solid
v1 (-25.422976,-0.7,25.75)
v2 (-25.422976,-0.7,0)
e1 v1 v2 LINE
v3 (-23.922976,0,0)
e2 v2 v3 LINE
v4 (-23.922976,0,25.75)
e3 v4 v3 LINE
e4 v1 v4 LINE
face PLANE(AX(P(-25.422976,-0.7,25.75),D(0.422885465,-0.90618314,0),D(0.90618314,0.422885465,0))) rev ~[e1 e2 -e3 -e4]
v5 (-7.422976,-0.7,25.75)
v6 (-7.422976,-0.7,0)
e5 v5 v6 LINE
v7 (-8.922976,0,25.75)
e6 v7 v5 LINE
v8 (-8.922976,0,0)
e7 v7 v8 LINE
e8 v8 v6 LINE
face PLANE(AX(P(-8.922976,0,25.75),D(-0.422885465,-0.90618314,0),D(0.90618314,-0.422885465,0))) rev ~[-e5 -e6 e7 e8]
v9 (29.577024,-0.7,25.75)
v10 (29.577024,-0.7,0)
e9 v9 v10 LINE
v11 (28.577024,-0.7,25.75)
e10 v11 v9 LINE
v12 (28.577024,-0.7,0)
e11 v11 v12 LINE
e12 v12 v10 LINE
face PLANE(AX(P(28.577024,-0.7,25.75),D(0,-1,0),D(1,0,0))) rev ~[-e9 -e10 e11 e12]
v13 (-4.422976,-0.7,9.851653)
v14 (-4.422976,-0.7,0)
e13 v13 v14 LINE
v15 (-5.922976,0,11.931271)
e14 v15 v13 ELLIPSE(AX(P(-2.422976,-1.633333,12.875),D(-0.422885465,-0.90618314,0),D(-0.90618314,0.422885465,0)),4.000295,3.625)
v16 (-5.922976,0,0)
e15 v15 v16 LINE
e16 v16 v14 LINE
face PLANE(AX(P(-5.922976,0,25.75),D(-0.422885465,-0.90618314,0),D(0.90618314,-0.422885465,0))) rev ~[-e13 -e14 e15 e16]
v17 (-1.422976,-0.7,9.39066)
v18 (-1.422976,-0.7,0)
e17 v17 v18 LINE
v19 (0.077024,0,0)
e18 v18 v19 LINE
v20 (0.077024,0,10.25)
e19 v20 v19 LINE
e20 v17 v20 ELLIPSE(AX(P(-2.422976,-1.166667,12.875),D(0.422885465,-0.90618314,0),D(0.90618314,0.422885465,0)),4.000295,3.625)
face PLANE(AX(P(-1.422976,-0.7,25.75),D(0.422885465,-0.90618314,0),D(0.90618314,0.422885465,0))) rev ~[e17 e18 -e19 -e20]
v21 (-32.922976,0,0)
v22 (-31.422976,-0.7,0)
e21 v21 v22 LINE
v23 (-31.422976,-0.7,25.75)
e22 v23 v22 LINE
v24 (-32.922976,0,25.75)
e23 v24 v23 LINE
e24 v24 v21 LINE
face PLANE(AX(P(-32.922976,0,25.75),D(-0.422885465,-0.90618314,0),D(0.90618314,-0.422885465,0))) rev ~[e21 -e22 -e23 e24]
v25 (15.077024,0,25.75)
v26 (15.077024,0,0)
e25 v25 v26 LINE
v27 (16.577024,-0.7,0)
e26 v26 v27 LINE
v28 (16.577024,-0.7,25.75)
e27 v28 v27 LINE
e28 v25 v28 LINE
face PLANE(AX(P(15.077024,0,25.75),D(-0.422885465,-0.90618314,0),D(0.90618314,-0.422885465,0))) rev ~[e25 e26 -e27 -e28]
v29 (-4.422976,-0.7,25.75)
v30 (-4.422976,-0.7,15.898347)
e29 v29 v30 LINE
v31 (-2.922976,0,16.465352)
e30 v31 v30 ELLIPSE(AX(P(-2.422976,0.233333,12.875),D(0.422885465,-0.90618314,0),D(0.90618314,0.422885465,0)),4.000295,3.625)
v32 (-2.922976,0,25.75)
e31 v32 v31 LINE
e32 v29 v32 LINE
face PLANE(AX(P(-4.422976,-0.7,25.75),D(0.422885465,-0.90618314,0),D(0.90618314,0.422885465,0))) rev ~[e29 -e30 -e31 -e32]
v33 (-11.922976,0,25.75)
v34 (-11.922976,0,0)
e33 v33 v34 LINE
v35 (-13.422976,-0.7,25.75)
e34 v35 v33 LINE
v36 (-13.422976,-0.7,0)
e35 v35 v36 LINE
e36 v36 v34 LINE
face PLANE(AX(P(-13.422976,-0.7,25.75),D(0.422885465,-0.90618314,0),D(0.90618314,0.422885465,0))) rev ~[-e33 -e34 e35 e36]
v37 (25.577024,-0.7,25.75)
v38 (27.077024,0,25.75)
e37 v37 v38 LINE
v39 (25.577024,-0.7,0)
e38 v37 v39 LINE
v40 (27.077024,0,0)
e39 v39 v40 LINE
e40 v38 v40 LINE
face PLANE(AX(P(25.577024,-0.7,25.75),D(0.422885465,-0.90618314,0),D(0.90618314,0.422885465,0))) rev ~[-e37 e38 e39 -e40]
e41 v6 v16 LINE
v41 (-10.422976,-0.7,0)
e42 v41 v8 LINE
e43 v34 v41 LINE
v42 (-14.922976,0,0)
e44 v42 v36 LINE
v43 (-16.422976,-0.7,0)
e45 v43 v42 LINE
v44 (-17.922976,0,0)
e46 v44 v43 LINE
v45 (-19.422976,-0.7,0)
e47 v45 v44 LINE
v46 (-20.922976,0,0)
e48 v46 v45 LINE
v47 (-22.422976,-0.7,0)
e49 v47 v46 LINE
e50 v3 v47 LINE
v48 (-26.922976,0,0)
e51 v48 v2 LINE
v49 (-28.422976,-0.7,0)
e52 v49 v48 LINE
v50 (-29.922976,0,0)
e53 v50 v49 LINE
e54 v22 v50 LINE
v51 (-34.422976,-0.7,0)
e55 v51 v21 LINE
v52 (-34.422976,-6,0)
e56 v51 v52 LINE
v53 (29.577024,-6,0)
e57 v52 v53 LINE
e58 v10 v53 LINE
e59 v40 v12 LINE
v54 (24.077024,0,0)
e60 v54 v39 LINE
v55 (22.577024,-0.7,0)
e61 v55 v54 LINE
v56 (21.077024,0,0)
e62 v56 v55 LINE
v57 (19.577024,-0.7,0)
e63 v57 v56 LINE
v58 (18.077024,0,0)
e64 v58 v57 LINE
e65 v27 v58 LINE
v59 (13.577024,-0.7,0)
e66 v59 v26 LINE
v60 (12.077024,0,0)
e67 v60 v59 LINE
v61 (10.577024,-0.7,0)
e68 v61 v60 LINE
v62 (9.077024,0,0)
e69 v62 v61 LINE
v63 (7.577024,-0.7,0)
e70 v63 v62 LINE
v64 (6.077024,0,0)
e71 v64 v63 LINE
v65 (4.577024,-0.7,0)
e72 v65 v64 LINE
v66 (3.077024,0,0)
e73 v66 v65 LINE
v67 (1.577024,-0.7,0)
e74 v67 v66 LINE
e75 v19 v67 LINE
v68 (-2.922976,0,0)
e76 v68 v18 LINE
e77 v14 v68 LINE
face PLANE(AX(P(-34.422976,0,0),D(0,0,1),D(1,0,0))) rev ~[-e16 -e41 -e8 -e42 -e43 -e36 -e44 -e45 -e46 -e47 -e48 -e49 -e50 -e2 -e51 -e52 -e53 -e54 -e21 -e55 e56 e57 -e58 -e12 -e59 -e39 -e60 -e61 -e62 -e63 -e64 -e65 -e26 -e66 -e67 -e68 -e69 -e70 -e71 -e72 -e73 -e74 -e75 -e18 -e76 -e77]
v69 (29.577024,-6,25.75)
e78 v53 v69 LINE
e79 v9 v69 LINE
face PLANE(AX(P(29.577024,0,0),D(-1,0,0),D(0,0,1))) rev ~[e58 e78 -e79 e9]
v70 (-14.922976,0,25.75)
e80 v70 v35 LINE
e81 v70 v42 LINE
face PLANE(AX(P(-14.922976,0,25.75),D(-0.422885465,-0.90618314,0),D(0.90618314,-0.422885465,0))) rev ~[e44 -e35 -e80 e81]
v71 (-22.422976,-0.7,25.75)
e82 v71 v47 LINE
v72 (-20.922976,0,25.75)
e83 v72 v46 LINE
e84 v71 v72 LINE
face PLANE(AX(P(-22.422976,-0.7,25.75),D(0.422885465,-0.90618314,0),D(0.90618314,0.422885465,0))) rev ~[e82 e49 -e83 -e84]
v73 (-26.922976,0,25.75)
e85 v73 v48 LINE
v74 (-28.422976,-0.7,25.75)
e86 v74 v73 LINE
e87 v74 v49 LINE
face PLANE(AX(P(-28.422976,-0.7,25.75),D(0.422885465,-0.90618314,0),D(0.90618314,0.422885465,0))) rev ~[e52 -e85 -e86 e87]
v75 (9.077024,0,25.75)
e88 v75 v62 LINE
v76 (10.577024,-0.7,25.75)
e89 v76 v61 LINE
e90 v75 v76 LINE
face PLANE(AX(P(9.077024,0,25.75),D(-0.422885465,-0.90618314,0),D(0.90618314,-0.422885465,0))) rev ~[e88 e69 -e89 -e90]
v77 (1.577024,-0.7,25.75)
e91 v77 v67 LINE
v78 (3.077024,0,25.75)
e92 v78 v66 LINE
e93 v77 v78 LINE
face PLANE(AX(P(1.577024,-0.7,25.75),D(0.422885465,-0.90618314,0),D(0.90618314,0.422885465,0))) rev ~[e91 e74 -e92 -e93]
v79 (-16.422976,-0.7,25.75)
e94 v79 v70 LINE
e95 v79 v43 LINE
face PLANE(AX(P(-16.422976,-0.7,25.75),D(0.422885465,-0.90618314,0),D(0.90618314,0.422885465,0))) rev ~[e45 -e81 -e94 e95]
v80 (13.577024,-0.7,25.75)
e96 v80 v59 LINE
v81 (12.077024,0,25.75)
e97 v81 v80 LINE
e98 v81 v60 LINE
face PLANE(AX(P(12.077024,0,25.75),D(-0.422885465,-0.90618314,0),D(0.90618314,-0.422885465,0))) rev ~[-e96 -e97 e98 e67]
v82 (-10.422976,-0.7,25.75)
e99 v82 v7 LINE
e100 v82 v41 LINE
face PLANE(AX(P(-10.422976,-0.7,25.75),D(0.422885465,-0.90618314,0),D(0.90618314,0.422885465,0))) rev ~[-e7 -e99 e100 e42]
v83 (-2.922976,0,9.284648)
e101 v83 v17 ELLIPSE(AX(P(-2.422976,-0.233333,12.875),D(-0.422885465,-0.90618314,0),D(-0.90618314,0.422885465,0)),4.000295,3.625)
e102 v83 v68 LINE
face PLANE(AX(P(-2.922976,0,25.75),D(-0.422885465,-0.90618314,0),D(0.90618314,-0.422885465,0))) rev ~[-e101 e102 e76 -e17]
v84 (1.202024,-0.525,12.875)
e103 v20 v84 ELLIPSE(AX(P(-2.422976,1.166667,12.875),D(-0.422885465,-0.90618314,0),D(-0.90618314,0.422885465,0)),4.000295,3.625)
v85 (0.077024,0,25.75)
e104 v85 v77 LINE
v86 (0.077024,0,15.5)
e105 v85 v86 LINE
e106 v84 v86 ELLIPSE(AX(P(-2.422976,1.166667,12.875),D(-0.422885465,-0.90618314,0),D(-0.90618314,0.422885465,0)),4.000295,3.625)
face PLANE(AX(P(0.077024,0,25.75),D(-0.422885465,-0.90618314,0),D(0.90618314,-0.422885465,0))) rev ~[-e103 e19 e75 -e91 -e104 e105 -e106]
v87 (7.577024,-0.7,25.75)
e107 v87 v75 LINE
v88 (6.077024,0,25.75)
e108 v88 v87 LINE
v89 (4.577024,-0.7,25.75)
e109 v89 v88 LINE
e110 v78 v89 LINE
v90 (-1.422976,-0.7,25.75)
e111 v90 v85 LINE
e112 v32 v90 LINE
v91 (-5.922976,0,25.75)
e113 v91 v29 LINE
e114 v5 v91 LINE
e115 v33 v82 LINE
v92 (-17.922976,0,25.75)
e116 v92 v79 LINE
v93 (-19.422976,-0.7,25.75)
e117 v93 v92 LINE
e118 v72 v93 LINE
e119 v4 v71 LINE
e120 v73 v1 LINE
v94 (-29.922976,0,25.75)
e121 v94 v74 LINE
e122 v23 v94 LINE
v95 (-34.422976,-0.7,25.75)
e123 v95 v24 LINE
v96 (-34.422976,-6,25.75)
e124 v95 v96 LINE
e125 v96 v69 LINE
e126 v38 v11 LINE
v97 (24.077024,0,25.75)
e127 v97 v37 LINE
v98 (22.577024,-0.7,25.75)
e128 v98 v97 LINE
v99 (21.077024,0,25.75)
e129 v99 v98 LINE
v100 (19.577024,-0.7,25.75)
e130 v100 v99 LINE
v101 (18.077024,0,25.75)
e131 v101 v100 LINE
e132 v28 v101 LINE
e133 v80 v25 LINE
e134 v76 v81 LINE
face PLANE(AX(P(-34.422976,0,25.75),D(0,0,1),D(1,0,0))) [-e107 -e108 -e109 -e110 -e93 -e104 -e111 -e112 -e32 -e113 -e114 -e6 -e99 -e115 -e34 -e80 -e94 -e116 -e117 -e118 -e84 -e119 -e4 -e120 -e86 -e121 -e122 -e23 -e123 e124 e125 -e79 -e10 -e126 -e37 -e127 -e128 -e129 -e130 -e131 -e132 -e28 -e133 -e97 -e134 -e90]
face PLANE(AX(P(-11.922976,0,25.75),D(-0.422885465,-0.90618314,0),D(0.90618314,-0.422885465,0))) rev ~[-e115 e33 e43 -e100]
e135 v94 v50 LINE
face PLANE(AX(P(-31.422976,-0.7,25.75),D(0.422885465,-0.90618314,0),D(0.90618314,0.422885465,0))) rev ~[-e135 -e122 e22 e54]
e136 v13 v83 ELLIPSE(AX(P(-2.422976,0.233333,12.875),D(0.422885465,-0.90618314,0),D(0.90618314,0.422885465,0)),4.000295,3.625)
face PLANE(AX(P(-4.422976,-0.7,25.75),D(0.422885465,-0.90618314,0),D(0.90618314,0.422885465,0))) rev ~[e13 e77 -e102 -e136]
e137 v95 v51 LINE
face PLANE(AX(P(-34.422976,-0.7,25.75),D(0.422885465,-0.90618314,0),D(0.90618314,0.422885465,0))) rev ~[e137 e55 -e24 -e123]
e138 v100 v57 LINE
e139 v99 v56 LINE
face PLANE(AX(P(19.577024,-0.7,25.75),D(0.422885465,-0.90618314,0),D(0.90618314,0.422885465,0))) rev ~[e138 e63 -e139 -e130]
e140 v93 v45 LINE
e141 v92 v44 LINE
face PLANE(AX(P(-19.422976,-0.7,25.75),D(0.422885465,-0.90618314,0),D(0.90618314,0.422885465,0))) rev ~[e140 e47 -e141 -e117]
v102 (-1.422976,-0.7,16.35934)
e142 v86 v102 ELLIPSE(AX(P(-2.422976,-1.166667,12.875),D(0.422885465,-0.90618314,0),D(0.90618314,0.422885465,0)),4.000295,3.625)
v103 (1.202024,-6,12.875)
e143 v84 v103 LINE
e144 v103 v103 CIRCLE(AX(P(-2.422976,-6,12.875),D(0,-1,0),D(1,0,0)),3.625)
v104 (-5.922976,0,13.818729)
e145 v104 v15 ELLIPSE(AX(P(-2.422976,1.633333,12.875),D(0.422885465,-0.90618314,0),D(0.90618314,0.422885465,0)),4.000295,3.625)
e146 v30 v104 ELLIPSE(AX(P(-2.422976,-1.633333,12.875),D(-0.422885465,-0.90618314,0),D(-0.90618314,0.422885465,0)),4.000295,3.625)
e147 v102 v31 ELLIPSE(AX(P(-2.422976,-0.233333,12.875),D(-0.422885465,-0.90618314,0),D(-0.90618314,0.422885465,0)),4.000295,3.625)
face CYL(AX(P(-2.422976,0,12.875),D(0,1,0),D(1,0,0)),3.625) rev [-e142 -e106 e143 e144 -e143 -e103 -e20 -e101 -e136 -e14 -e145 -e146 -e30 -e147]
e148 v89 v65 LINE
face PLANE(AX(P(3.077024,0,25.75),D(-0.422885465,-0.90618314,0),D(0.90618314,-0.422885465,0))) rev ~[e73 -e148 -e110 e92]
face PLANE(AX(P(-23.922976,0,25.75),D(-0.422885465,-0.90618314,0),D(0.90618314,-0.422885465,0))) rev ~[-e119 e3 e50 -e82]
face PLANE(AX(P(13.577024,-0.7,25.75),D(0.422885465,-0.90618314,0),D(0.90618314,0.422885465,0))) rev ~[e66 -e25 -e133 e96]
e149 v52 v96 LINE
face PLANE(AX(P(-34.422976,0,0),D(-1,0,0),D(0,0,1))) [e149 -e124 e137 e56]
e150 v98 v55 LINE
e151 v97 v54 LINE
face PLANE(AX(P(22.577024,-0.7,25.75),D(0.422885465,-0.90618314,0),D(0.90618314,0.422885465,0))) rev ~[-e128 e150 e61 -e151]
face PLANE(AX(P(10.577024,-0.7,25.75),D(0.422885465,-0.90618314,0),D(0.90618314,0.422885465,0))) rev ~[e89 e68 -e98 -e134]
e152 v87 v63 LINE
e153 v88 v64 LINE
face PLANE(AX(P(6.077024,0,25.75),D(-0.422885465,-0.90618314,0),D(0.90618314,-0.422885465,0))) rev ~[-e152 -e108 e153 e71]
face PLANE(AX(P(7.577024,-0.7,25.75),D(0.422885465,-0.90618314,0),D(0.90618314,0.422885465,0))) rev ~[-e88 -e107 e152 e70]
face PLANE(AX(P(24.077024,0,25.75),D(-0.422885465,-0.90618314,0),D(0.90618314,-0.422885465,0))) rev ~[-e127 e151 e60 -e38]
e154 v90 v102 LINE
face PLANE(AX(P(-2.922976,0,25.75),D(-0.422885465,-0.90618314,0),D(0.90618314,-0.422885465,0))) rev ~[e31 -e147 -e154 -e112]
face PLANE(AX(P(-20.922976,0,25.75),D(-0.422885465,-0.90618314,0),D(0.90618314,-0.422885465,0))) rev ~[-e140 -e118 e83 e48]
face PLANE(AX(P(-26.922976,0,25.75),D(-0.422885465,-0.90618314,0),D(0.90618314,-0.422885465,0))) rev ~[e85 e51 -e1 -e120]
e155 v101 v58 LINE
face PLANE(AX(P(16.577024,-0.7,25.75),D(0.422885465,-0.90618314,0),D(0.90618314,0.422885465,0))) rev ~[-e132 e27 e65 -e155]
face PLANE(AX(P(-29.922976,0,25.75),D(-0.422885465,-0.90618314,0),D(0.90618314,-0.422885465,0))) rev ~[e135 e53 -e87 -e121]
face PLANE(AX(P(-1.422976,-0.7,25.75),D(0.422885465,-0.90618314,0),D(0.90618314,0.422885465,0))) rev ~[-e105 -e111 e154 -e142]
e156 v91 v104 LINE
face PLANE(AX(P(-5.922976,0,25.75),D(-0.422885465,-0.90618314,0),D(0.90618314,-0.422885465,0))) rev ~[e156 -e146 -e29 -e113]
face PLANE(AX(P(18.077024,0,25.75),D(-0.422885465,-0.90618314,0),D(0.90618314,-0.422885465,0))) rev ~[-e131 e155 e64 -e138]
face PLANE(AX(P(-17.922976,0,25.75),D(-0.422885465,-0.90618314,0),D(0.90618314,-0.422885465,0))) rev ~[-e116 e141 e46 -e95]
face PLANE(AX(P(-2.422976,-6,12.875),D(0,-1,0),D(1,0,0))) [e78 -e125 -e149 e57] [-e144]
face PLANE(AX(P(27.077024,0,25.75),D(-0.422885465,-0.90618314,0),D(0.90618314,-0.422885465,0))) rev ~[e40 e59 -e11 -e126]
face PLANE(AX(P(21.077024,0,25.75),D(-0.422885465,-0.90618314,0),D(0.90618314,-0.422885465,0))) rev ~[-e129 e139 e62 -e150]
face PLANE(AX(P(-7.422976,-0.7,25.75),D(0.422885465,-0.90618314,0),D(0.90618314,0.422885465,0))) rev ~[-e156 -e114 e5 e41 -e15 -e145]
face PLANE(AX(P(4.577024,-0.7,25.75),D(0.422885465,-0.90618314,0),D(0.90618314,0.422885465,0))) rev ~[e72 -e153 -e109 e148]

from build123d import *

# Parameters (mm, degrees)
F0_W     = 64
F0_H     = 25.75
F0_R     = 3.625
F1_DEPTH = 6
F3_DEPTH = 26.50399


with BuildPart() as f1:
    # F0 (on Front) → F1 (new body)
    with BuildSketch(Plane.XZ):
        with Locations((-2.422976, 12.875)):
            Rectangle(F0_W, F0_H)
        with Locations((-2.422976, 12.875)):
            Circle(F0_R, mode=Mode.SUBTRACT)
    extrude(amount=F1_DEPTH)

    # F2 (on face) → F3 (cut)
    with BuildSketch(Plane.XY.offset(25.75)):
        Polygon((-34.422976, 0), (-34.422976, -0.7), (-32.922976, 0), align=None)
        Polygon((-32.922976, 0), (-31.422976, -0.7), (-29.922976, 0), align=None)
        Polygon((-29.922976, 0), (-28.422976, -0.7), (-26.922976, 0), align=None)
        Polygon((-26.922976, 0), (-25.422976, -0.7), (-23.922976, 0), align=None)
        Polygon((-23.922976, 0), (-22.422976, -0.7), (-20.922976, 0), align=None)
        Polygon((-20.922976, 0), (-19.422976, -0.7), (-17.922976, 0), align=None)
        Polygon((-17.922976, 0), (-16.422976, -0.7), (-14.922976, 0), align=None)
        Polygon((-14.922976, 0), (-13.422976, -0.7), (-11.922976, 0), align=None)
        Polygon((-11.922976, 0), (-10.422976, -0.7), (-8.922976, 0), align=None)
        Polygon((-8.922976, 0), (-7.422976, -0.7), (-5.922976, 0), align=None)
        Polygon((-5.922976, 0), (-4.422976, -0.7), (-2.922976, 0), align=None)
        Polygon((-2.922976, 0), (-1.422976, -0.7), (0.077024, 0), align=None)
        Polygon((0.077024, 0), (1.577024, -0.7), (3.077024, 0), align=None)
        Polygon((4.577024, -0.7), (6.077024, 0), (3.077024, 0), align=None)
        Polygon((7.577024, -0.7), (9.077024, 0), (6.077024, 0), align=None)
        Polygon((10.577024, -0.7), (12.077024, 0), (9.077024, 0), align=None)
        Polygon((13.577024, -0.7), (15.077024, 0), (12.077024, 0), align=None)
        Polygon((16.577024, -0.7), (18.077024, 0), (15.077024, 0), align=None)
        Polygon((19.577024, -0.7), (21.077024, 0), (18.077024, 0), align=None)
        Polygon((22.577024, -0.7), (24.077024, 0), (21.077024, 0), align=None)
        Polygon((25.577024, -0.7), (27.077024, 0), (24.077024, 0), align=None)
        Polygon((28.577024, -0.7), (29.577024, -0.7), (29.577024, 0), (27.077024, 0), align=None)
    extrude(amount=-F3_DEPTH, mode=Mode.SUBTRACT)


solid = f1.part
